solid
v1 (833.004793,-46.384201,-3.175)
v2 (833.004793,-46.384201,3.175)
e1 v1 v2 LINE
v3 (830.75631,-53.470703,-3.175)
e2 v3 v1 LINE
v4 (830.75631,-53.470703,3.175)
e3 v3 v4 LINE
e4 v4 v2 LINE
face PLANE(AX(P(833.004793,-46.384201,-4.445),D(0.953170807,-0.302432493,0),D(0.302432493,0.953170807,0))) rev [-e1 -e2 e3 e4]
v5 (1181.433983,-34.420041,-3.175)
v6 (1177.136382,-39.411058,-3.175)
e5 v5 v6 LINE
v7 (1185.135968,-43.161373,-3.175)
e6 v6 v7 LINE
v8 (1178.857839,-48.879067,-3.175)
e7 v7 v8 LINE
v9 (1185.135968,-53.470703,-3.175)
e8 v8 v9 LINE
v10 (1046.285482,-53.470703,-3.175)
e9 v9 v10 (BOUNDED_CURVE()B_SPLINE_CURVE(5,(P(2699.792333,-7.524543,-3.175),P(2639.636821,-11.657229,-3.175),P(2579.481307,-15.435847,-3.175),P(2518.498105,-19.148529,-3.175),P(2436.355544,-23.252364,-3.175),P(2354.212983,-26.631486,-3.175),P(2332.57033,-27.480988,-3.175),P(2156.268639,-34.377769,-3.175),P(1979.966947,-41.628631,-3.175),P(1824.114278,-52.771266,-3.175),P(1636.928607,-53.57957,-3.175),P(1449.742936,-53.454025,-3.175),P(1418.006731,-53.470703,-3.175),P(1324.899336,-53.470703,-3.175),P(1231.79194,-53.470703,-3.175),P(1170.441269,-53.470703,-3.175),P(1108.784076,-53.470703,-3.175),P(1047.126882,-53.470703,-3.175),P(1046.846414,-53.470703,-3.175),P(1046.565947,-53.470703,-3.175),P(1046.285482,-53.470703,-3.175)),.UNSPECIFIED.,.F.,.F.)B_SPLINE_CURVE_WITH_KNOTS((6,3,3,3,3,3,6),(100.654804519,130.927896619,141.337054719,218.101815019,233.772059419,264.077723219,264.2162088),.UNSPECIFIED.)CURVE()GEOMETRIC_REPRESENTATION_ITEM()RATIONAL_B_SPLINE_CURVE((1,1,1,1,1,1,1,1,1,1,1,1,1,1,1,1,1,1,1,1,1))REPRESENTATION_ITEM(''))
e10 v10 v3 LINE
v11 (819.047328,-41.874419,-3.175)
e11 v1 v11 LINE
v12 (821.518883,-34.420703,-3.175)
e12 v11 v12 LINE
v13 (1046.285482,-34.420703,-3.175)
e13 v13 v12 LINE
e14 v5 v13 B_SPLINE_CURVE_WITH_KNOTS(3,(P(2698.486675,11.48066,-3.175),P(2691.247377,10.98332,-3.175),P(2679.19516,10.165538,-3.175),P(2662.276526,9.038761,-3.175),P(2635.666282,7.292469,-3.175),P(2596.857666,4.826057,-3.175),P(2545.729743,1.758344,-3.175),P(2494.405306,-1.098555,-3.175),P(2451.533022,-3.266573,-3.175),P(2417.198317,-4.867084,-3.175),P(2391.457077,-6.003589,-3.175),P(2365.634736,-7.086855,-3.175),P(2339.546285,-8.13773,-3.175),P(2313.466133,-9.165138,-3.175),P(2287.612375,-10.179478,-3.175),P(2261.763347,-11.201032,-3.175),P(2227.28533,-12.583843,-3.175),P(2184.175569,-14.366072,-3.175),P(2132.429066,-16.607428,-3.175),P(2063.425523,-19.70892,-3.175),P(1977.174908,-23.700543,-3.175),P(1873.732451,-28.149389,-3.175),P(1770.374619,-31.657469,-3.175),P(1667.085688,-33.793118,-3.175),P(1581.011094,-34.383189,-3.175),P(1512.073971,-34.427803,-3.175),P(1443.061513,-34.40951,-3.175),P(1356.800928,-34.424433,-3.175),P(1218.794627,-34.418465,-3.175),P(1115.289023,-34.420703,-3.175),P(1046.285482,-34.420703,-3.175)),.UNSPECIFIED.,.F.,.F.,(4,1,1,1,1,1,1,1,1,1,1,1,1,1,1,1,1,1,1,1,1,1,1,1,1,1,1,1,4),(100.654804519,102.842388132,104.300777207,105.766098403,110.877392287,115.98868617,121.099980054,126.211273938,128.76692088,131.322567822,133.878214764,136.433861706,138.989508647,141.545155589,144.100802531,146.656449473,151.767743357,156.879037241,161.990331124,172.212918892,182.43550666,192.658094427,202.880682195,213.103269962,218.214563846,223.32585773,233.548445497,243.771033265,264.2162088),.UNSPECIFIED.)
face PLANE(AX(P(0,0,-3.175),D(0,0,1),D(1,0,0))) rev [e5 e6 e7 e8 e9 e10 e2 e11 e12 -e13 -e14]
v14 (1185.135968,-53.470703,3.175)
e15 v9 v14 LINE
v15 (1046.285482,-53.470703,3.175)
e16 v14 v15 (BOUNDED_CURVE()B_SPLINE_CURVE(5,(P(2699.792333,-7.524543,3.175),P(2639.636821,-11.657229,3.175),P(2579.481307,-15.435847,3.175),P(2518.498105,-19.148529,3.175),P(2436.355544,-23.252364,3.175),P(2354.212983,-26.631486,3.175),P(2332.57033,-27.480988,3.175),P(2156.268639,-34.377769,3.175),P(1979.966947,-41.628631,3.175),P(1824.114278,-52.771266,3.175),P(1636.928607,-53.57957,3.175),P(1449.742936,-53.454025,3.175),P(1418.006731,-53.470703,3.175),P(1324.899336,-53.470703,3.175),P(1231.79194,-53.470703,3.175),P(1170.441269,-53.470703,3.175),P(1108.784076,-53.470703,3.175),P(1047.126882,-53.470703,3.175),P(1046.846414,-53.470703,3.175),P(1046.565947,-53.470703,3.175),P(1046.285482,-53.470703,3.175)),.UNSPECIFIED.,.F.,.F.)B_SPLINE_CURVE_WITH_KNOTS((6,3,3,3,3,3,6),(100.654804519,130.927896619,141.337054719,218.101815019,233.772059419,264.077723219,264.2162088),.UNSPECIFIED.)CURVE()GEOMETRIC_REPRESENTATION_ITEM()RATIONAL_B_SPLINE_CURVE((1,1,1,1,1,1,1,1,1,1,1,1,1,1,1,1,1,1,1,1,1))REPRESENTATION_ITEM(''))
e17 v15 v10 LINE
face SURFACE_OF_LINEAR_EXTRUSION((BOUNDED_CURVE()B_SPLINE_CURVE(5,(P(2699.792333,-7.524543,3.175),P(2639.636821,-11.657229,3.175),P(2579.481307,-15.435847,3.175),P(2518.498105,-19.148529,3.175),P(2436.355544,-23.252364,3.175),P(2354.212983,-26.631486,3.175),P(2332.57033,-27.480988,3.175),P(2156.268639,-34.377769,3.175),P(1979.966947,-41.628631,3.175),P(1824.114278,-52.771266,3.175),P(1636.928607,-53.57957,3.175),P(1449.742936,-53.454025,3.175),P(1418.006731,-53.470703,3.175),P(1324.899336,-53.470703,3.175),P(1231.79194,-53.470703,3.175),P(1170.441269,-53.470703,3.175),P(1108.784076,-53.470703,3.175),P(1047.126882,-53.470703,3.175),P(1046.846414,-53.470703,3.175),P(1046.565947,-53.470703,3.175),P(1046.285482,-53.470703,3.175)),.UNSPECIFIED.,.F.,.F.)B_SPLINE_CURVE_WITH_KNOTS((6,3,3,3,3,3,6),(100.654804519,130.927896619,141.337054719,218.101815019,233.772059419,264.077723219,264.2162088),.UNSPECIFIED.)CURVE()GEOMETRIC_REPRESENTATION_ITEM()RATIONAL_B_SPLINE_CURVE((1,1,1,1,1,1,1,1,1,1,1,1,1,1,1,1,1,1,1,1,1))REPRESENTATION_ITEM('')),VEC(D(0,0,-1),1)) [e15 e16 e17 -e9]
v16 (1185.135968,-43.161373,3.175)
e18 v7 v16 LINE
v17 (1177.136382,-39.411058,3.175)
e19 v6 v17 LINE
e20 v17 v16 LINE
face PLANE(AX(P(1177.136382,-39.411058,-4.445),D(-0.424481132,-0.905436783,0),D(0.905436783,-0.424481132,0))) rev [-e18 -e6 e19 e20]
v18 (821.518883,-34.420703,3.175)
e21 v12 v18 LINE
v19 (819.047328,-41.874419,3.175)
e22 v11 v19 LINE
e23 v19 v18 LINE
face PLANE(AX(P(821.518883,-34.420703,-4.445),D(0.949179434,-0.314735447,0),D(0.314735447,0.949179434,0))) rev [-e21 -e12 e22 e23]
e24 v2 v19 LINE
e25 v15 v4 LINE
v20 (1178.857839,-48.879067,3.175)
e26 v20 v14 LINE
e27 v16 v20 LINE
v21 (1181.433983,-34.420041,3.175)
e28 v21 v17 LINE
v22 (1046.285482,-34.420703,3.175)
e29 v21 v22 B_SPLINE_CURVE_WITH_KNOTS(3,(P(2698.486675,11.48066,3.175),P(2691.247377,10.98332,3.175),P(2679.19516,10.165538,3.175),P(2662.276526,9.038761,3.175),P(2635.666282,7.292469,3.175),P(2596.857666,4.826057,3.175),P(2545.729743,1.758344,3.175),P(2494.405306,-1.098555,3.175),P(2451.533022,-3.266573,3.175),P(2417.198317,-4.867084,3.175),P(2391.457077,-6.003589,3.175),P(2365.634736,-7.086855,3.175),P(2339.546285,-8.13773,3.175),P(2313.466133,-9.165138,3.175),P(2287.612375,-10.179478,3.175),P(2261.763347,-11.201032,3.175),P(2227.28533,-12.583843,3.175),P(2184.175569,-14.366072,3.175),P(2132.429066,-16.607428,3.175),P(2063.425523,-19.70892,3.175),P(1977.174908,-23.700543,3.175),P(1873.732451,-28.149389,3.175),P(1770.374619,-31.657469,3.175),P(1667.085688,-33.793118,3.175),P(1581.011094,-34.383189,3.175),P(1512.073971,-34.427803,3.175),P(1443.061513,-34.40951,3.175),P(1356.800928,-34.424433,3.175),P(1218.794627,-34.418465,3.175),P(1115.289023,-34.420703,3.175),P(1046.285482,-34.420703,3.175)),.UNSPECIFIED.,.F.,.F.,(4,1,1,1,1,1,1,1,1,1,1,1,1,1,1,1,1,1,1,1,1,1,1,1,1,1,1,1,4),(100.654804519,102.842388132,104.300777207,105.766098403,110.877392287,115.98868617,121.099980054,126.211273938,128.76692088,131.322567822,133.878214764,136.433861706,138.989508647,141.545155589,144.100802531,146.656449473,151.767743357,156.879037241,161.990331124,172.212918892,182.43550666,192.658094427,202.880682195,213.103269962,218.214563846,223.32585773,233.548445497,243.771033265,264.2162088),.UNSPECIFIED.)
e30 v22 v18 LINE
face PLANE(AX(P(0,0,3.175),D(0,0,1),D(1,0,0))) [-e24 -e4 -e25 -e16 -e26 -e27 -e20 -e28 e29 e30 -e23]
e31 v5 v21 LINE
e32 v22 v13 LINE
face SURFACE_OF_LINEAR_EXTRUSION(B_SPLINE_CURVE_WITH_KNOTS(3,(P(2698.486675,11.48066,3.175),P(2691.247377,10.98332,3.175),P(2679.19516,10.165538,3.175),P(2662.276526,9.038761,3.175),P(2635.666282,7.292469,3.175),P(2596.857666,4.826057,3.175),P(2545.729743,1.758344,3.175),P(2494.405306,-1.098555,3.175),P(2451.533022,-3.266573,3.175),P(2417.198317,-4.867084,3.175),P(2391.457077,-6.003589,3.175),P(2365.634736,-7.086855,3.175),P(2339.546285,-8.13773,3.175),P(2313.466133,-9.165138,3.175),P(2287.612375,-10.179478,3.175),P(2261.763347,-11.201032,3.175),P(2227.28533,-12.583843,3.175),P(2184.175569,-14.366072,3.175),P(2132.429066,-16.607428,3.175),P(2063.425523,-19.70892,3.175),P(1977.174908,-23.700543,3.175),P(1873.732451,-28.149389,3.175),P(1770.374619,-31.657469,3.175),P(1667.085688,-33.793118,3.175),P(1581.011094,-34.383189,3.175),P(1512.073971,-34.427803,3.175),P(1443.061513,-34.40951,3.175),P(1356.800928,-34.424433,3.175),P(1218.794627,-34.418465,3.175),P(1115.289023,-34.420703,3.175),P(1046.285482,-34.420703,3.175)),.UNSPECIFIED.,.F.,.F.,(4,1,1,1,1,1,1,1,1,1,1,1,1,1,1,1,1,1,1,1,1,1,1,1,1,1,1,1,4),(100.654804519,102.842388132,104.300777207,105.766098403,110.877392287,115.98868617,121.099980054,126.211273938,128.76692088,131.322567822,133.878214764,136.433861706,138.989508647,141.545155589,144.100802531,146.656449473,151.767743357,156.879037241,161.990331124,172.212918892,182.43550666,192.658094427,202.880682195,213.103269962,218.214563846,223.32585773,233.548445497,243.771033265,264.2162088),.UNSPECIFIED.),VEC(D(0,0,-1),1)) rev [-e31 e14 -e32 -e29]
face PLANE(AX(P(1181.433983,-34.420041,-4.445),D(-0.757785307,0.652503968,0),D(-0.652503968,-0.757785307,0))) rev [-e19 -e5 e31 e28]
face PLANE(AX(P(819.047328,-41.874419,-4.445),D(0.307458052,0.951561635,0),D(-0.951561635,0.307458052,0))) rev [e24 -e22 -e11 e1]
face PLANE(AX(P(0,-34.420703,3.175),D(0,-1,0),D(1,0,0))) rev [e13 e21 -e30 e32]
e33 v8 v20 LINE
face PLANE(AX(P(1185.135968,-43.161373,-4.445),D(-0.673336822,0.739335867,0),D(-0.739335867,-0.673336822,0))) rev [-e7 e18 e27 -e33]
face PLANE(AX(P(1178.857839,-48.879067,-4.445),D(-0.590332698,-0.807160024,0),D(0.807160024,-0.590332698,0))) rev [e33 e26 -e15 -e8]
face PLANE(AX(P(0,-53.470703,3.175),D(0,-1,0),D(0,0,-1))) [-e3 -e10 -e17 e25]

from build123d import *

# Parameters (mm, degrees)
BOSS_EXTRUDE1_DEPTH = 3.175
CUT_EXTRUDE1_DEPTH  = 7.3500001
FILLET1_R           = 2.54
CUT_EXTRUDE2_DEPTH  = 7.62


with BuildPart() as part:
    # Sketch1 → Boss-Extrude1 (new body, symmetric)
    with BuildSketch(Plane.XY):
        with BuildLine():
            Line((499.61002795, -53.470702797), (1046.28548189, -53.470702797))
            add(Edge.make_bspline(
                [(2669.54, -9.569049356), (2615.393603553, -13.17073937), (2561.080658619, -16.536108081), (2506.205230446, -19.758621957), (2430.209106802, -23.505211705), (2354.212983157, -26.631486423), (2332.570330468, -27.480988169), (2156.268639429, -34.377768543), (1979.966947376, -41.628631248), (1824.114277635, -52.771265877), (1636.928606778, -53.579569849), (1449.742935921, -53.454024613), (1418.006730935, -53.470702797), (1324.899336146, -53.470702797), (1231.791940344, -53.470702797), (1170.441269319, -53.470702797), (1108.784075813, -53.470702797), (1047.126882346, -53.470702797), (1046.846414188, -53.470702797), (1046.565947184, -53.470702797), (1046.28548189, -53.470702797)],
                knots=[103.698913506, 103.698913506, 103.698913506, 103.698913506, 103.698913506, 103.698913506, 130.927896619, 130.927896619, 130.927896619, 141.337054719, 141.337054719, 141.337054719, 218.101815019, 218.101815019, 218.101815019, 233.772059419, 233.772059419, 233.772059419, 264.077723219, 264.077723219, 264.077723219, 264.2162088, 264.2162088, 264.2162088, 264.2162088, 264.2162088, 264.2162088], degree=5))
            Line((2669.54, -9.569049356), (2669.54, 9.5231025))
            add(Edge.make_bspline(
                [(2669.54, 9.5231025), (2667.126494524, 9.36235515), (2659.861586685, 8.880281494), (2635.666282302, 7.292469146), (2596.857665529, 4.826056853), (2545.729743039, 1.758344093), (2494.405305707, -1.098555235), (2451.533022267, -3.266573297), (2417.198316756, -4.86708361), (2391.457076919, -6.003589235), (2365.634736307, -7.086854581), (2339.546284672, -8.137729944), (2313.466132974, -9.165138371), (2287.612375486, -10.179478215), (2261.763347437, -11.201032297), (2227.285329715, -12.583842557), (2184.175569393, -14.36607236), (2132.429066114, -16.607427868), (2063.4255234, -19.708920485), (1977.174907635, -23.700543313), (1873.732451432, -28.149389221), (1770.37461881, -31.657468649), (1667.085687813, -33.793117556), (1581.011094491, -34.383188831), (1512.07397126, -34.4278026), (1443.061513477, -34.409510402), (1356.800927879, -34.424432812), (1218.794626954, -34.418464788), (1115.289022786, -34.420702797), (1046.28548189, -34.420702797)],
                knots=[103.571582669, 103.571582669, 103.571582669, 103.571582669, 104.300777207, 105.766098403, 110.877392287, 115.98868617, 121.099980054, 126.211273938, 128.76692088, 131.322567822, 133.878214764, 136.433861706, 138.989508647, 141.545155589, 144.100802531, 146.656449473, 151.767743357, 156.879037241, 161.990331124, 172.212918892, 182.43550666, 192.658094427, 202.880682195, 213.103269962, 218.214563846, 223.32585773, 233.548445497, 243.771033265, 264.2162088, 264.2162088, 264.2162088, 264.2162088], degree=3))
            Line((1046.28548189, -34.420702797), (499.61002795, -34.420702797))
            add(Edge.make_bspline(
                [(499.61002795, -34.420702797), (488.614737518, -34.420702797), (472.236395365, -34.420702798), (449.940231846, -34.420702794), (427.771305695, -34.42070281), (405.874681663, -34.420702712), (384.584909128, -34.420702942), (368.900229326, -34.420702244), (353.376568613, -34.420704862), (332.608466435, -34.420689186), (306.287754853, -34.420570006), (274.023487704, -34.420538256), (252.271015965, -34.420709741), (241.425150134, -34.420702761)],
                knots=[19.90682951, 19.90682951, 19.90682951, 19.90682951, 23.220120017, 24.876765271, 26.533410525, 29.846701033, 31.503346286, 33.15999154, 34.816636794, 36.473282048, 39.786572556, 43.099863063, 46.413153571, 46.413153571, 46.413153571, 46.413153571], degree=3))
            add(Edge.make_bspline(
                [(241.425150134, -34.420702761), (239.394928853, -34.420701455), (235.322322927, -34.420495867), (227.274423443, -34.398702533), (217.319360062, -34.297466855), (205.530690077, -33.976385563), (189.963341914, -33.212641271), (170.696984653, -31.543495194), (147.533261232, -28.314398128), (125.482753206, -24.202109872), (109.358914834, -20.622537553), (100.964116069, -18.612521054), (99.06, -18.149327722)],
                knots=[0, 0, 0, 0, 0.622088422, 1.244176844, 2.488353689, 3.732530533, 4.976707377, 7.465061066, 9.953414755, 12.441768444, 14.55823542, 15.180323842, 15.180323842, 15.180323842, 15.180323842], degree=3))
            Line((99.06, -18.149327722), (99.06, -37.741485304))
            add(Edge.make_bspline(
                [(241.425137875, -53.470702761), (224.286916993, -53.470691732), (207.149474967, -53.467315374), (190.203897513, -52.686577078), (161.734965878, -49.987457476), (133.266034188, -45.175583375), (121.749620566, -42.910592695), (110.349390726, -40.420274627), (99.06, -37.741485304)],
                knots=[0, 0, 0, 0, 0, 0, 8.71381608, 8.71381608, 8.71381608, 14.701907176, 14.701907176, 14.701907176, 14.701907176, 14.701907176, 14.701907176], degree=5))
            add(Edge.make_bspline(
                [(499.61002795, -53.470702797), (492.136820835, -53.470702797), (484.754348064, -53.470702797), (477.443025859, -53.470702797), (448.516583145, -53.470702797), (419.590140517, -53.470702797), (398.368118521, -53.470702797), (355.647540186, -53.470702797), (312.926961851, -53.470702797), (289.235090436, -53.470293029), (265.364963651, -53.470705034), (241.4948369, -53.470702789), (241.471603891, -53.470702785), (241.448370882, -53.470702776), (241.425137875, -53.470702761)],
                knots=[19.90682951, 19.90682951, 19.90682951, 19.90682951, 19.90682951, 19.90682951, 23.637897311, 23.637897311, 23.637897311, 34.276545571, 34.276545571, 34.276545571, 46.401340901, 46.401340901, 46.401340901, 46.413153571, 46.413153571, 46.413153571, 46.413153571, 46.413153571, 46.413153571], degree=5))
        make_face()
    extrude(amount=BOSS_EXTRUDE1_DEPTH, both=True)

    # Sketch2 → Cut-Extrude1 (cut, through all)
    with BuildSketch(Plane.XY.offset(3.175)):
        with BuildLine():
            add(Edge.make_bspline(
                [(2312.9875, -9.183260037), (2304.505441691, -9.516700376), (2287.441020622, -10.186250162), (2261.763347437, -11.201032297), (2228.230552004, -12.545932515), (2203.310445107, -13.575047161), (2187.00995947, -14.263260037)],
                knots=[139.04033329, 139.04033329, 139.04033329, 139.04033329, 141.545155589, 144.100802531, 146.656449473, 151.487488909, 151.487488909, 151.487488909, 151.487488909], degree=3))
            Line((2187.00995947, -14.263260037), (2312.9875, -14.263260037))
            Line((2312.9875, -14.263260037), (2312.9875, -9.183260037))
        make_face()
    extrude(amount=-CUT_EXTRUDE1_DEPTH, mode=Mode.SUBTRACT)

    # Fillet1
    fillet1_edges = [part.edges().sort_by_distance(p)[0] for p in [
        (2669.54, -9.569049356, -1.5875),
        (2669.54, 9.5231025, -1.5875),
        (99.06, -37.741485304, -1.5875),
        (99.06, -18.149327722, -1.5875),
        (2312.9875, -9.183260037, 1.5875),
        (2312.9875, -14.263260037, 0),
    ]]
    fillet(fillet1_edges, radius=FILLET1_R)

    # Sketch3 → Cut-Extrude2 (cut)
    with BuildSketch(Plane.XY.offset(3.175)):
        Polygon((821.518882755, -34.420702797), (819.047328197, -41.874419167), (833.004793216, -46.384200616), (830.756310042, -53.470702797), (833.004793216, -88.377214401), (71.333278148, -146.659078969), (65.822633249, 75.523734032), (821.518882755, 94.266739515), align=None)
        Polygon((1181.433983433, -34.420040525), (1177.136382458, -39.41105826), (1185.135968065, -43.161373269), (1178.857838528, -48.879066642), (1185.135968065, -53.470702797), (1178.857838528, -73.832795228), (2840.460279362, -301.9320282), (2840.460279362, 201.131978716), (1181.433983433, 94.266739515), align=None)
    extrude(amount=-CUT_EXTRUDE2_DEPTH, mode=Mode.SUBTRACT)


solid = part.part
